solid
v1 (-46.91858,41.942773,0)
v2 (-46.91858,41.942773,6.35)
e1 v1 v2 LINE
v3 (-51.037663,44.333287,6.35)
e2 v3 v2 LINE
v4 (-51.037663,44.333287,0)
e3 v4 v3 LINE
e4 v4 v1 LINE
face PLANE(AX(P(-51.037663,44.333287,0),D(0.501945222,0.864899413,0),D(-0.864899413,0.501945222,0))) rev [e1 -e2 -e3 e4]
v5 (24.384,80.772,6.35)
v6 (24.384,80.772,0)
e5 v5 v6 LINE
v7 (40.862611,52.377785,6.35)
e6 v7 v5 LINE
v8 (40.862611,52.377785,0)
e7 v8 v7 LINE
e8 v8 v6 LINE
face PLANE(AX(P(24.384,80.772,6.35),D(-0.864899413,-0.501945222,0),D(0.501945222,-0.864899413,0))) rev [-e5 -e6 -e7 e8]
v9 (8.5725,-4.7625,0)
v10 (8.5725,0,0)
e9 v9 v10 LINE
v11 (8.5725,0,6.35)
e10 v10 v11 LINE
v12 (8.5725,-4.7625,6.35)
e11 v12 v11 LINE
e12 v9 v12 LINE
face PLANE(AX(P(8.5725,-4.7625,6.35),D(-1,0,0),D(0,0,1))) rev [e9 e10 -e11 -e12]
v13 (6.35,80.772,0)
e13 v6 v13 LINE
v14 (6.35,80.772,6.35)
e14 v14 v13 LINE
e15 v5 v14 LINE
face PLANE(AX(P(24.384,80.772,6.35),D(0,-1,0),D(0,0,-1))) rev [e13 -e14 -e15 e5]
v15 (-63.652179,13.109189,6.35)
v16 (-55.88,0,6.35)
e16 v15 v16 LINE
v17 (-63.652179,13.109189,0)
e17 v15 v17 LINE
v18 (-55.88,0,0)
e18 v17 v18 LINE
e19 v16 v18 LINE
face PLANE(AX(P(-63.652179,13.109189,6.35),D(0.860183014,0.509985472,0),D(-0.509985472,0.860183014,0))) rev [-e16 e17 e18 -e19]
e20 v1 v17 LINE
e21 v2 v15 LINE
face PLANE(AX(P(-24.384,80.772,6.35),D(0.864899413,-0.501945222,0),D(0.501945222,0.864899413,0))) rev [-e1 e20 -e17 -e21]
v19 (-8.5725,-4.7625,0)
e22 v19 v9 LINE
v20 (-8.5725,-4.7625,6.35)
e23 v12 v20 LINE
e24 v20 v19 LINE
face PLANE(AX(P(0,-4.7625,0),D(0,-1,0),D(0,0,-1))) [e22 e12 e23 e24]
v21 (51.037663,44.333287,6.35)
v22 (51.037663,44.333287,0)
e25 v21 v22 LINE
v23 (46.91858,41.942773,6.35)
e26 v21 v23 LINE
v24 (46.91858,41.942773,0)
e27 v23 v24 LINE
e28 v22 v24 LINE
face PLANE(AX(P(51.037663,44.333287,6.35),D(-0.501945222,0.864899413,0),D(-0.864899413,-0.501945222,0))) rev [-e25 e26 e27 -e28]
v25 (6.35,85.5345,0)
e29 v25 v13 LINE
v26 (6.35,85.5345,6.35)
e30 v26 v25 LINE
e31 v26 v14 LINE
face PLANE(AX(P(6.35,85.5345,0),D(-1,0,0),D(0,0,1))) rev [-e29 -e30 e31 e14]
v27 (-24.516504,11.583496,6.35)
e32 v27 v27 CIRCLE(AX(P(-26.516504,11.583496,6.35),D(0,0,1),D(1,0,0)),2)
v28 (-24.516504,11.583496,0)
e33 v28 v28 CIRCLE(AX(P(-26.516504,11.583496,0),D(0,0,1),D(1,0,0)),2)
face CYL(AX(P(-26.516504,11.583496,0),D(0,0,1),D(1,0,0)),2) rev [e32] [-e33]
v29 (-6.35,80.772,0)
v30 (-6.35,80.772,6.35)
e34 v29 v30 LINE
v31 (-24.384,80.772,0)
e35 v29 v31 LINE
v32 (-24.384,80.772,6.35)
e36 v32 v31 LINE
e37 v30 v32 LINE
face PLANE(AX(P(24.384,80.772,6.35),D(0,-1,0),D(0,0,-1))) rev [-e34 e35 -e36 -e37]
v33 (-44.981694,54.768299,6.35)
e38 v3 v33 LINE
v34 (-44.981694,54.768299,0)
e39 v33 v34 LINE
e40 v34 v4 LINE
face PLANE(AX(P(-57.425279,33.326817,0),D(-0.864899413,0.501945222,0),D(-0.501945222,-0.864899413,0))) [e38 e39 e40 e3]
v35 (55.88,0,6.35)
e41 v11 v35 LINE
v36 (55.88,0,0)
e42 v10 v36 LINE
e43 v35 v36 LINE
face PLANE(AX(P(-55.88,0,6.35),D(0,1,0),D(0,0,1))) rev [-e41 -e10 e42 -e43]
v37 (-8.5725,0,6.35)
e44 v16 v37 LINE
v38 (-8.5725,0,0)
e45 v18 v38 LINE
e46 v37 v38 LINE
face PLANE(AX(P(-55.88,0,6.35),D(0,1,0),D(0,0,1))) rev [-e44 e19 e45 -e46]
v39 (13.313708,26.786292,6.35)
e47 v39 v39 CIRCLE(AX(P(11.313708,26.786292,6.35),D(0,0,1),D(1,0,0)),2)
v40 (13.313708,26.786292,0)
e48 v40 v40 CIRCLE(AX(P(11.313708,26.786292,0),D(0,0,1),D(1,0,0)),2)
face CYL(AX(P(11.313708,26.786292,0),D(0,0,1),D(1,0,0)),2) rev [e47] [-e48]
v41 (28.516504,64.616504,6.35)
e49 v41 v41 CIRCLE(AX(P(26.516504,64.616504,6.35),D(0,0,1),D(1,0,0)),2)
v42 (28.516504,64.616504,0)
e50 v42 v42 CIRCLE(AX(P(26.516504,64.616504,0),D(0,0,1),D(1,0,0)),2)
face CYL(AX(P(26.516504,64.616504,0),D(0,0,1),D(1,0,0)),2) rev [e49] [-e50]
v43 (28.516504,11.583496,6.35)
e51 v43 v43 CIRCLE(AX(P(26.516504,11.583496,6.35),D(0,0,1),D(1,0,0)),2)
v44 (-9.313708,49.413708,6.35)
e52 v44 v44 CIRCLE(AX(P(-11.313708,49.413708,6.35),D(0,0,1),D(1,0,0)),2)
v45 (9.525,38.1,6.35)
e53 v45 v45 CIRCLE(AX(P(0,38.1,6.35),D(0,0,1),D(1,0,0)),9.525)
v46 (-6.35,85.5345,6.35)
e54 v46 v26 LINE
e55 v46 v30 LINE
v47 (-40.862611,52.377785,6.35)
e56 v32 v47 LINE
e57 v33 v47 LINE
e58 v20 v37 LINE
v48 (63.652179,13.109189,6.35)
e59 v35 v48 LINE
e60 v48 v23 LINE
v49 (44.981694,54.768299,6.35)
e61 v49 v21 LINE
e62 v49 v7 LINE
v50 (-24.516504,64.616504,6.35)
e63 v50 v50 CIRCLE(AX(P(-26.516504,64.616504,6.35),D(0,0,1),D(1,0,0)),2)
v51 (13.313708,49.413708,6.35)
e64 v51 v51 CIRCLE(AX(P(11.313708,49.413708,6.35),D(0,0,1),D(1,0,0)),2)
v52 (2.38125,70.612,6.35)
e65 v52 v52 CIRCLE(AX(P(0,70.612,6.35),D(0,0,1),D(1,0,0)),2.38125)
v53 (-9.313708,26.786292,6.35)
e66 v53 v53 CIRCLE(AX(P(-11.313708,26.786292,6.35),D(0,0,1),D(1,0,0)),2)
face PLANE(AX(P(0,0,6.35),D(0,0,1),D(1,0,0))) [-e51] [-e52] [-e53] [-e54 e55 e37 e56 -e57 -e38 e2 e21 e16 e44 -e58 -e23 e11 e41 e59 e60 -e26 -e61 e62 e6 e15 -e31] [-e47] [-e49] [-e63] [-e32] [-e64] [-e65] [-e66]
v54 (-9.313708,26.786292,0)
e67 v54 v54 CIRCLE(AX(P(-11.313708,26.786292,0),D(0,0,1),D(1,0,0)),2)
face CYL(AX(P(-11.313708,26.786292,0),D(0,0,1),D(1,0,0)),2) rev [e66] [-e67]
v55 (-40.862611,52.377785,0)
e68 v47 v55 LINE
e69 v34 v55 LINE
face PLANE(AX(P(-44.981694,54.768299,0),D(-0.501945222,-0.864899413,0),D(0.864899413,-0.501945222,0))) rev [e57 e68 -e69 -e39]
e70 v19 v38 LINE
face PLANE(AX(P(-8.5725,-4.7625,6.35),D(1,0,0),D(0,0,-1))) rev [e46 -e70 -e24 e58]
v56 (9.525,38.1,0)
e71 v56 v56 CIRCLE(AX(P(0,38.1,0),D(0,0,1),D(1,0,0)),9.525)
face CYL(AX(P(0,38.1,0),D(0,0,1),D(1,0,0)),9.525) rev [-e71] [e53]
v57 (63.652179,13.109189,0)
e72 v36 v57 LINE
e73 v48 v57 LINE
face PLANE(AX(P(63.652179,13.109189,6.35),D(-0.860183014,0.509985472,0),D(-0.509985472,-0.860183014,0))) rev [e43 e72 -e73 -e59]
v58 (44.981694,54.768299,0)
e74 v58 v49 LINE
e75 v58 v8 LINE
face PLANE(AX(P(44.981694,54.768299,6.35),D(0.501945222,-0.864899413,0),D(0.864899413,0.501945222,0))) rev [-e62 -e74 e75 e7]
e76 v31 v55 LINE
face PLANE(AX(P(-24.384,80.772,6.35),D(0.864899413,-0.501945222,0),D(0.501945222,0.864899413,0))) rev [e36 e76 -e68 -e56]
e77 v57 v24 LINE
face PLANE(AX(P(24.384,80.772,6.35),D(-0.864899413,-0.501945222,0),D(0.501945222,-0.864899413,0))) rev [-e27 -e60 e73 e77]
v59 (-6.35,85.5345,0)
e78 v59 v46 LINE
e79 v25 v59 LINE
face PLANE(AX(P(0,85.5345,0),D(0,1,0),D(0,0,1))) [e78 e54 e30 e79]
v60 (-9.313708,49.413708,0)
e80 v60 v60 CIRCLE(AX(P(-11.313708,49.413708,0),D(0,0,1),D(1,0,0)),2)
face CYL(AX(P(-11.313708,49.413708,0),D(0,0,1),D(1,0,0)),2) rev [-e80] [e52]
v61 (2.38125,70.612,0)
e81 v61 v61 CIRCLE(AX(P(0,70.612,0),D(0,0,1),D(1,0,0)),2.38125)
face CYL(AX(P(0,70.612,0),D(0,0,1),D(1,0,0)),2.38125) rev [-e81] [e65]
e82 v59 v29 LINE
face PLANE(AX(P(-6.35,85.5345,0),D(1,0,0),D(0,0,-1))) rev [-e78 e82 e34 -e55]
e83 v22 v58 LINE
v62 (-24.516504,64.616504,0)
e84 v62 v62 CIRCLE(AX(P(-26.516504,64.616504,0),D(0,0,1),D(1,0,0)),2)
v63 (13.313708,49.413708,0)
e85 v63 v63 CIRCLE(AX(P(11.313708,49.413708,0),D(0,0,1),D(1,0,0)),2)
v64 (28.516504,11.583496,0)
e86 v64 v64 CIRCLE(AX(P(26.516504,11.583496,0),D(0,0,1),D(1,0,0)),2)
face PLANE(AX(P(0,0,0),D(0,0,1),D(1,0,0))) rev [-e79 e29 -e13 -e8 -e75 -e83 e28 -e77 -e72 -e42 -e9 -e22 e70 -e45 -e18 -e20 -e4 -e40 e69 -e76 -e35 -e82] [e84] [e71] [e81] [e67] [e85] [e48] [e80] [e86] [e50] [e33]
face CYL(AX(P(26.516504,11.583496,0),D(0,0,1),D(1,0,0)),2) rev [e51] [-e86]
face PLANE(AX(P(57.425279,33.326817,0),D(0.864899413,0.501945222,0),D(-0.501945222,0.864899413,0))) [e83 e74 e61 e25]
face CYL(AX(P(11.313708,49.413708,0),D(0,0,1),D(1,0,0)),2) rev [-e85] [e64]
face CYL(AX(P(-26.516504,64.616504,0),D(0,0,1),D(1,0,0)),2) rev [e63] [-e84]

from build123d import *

# Parameters (mm, degrees)
BOSS_EXTRUDE1_DEPTH = 6.35
SKETCH3_R           = 9.525
SKETCH3_R_2         = 2
SKETCH3_R_3         = 2.38125
CUT_EXTRUDE1_DEPTH  = 6.35
SKETCH4_W           = 17.145
SKETCH4_H           = 6.35
BOSS_EXTRUDE2_DEPTH = 4.7625
SKETCH5_W           = 6.35
SKETCH5_H           = 12.065
BOSS_EXTRUDE3_DEPTH = 4.7625
SKETCH6_W           = 6.35
SKETCH6_H           = 12.065
BOSS_EXTRUDE4_DEPTH = 4.7625
SKETCH7_W           = 12.7
SKETCH7_H           = 6.35
BOSS_EXTRUDE5_DEPTH = 4.7625


with BuildPart() as part:
    # Sketch2 → Boss-Extrude1 (new body)
    with BuildSketch(Plane.XY):
        Polygon((24.384, 80.772), (-24.384, 80.772), (-63.652178597, 13.109189138), (-55.88, 0), (55.88, 0), (63.652178597, 13.109189138), align=None)
    extrude(amount=BOSS_EXTRUDE1_DEPTH)

    # Sketch3 → Cut-Extrude1 (cut)
    with BuildSketch(Plane.XY.offset(6.35)):
        with Locations((0, 38.1)):
            Circle(SKETCH3_R)
        with Locations((-11.313708499, 49.413708499)):
            Circle(SKETCH3_R_2)
        with Locations((-11.313708499, 26.786291501)):
            Circle(SKETCH3_R_2)
        with Locations((11.313708499, 26.786291501)):
            Circle(SKETCH3_R_2)
        with Locations((11.313708499, 49.413708499)):
            Circle(SKETCH3_R_2)
        with Locations((26.516504294, 64.616504294)):
            Circle(SKETCH3_R_2)
        with Locations((-26.516504294, 64.616504294)):
            Circle(SKETCH3_R_2)
        with Locations((-26.516504294, 11.583495706)):
            Circle(SKETCH3_R_2)
        with Locations((26.516504294, 11.583495706)):
            Circle(SKETCH3_R_2)
        with Locations((0, 70.612)):
            Circle(SKETCH3_R_3)
    extrude(amount=-CUT_EXTRUDE1_DEPTH, mode=Mode.SUBTRACT)

    # Sketch4 → Boss-Extrude2 (add)
    with BuildSketch(Plane.XZ):
        with Locations((0, 3.175)):
            Rectangle(SKETCH4_W, SKETCH4_H)
    extrude(amount=BOSS_EXTRUDE2_DEPTH)

    # Sketch5 → Boss-Extrude3 (add)
    with BuildSketch(Plane(origin=(-53.306195658, 30.936302893, 0), x_dir=(0, 0, 1), z_dir=(-0.8648994127942479, 0.5019452218600805, 0))):
        with Locations((3.175, 18.75822308)):
            Rectangle(SKETCH5_W, SKETCH5_H)
    extrude(amount=BOSS_EXTRUDE3_DEPTH)

    # Sketch6 → Boss-Extrude4 (add)
    with BuildSketch(Plane(origin=(53.306195658, 30.936302893, 0), x_dir=(0, 0, -1), z_dir=(0.8648994127942479, 0.5019452218600805, 0))):
        with Locations((-3.175, 18.75822308)):
            Rectangle(SKETCH6_W, SKETCH6_H)
    extrude(amount=BOSS_EXTRUDE4_DEPTH)

    # Sketch7 → Boss-Extrude5 (add)
    with BuildSketch(Plane(origin=(0, 80.772, 0), x_dir=(1, 0, 0), z_dir=(0, 1, 0))):
        with Locations((0, -3.175)):
            Rectangle(SKETCH7_W, SKETCH7_H)
    extrude(amount=BOSS_EXTRUDE5_DEPTH)


solid = part.part
